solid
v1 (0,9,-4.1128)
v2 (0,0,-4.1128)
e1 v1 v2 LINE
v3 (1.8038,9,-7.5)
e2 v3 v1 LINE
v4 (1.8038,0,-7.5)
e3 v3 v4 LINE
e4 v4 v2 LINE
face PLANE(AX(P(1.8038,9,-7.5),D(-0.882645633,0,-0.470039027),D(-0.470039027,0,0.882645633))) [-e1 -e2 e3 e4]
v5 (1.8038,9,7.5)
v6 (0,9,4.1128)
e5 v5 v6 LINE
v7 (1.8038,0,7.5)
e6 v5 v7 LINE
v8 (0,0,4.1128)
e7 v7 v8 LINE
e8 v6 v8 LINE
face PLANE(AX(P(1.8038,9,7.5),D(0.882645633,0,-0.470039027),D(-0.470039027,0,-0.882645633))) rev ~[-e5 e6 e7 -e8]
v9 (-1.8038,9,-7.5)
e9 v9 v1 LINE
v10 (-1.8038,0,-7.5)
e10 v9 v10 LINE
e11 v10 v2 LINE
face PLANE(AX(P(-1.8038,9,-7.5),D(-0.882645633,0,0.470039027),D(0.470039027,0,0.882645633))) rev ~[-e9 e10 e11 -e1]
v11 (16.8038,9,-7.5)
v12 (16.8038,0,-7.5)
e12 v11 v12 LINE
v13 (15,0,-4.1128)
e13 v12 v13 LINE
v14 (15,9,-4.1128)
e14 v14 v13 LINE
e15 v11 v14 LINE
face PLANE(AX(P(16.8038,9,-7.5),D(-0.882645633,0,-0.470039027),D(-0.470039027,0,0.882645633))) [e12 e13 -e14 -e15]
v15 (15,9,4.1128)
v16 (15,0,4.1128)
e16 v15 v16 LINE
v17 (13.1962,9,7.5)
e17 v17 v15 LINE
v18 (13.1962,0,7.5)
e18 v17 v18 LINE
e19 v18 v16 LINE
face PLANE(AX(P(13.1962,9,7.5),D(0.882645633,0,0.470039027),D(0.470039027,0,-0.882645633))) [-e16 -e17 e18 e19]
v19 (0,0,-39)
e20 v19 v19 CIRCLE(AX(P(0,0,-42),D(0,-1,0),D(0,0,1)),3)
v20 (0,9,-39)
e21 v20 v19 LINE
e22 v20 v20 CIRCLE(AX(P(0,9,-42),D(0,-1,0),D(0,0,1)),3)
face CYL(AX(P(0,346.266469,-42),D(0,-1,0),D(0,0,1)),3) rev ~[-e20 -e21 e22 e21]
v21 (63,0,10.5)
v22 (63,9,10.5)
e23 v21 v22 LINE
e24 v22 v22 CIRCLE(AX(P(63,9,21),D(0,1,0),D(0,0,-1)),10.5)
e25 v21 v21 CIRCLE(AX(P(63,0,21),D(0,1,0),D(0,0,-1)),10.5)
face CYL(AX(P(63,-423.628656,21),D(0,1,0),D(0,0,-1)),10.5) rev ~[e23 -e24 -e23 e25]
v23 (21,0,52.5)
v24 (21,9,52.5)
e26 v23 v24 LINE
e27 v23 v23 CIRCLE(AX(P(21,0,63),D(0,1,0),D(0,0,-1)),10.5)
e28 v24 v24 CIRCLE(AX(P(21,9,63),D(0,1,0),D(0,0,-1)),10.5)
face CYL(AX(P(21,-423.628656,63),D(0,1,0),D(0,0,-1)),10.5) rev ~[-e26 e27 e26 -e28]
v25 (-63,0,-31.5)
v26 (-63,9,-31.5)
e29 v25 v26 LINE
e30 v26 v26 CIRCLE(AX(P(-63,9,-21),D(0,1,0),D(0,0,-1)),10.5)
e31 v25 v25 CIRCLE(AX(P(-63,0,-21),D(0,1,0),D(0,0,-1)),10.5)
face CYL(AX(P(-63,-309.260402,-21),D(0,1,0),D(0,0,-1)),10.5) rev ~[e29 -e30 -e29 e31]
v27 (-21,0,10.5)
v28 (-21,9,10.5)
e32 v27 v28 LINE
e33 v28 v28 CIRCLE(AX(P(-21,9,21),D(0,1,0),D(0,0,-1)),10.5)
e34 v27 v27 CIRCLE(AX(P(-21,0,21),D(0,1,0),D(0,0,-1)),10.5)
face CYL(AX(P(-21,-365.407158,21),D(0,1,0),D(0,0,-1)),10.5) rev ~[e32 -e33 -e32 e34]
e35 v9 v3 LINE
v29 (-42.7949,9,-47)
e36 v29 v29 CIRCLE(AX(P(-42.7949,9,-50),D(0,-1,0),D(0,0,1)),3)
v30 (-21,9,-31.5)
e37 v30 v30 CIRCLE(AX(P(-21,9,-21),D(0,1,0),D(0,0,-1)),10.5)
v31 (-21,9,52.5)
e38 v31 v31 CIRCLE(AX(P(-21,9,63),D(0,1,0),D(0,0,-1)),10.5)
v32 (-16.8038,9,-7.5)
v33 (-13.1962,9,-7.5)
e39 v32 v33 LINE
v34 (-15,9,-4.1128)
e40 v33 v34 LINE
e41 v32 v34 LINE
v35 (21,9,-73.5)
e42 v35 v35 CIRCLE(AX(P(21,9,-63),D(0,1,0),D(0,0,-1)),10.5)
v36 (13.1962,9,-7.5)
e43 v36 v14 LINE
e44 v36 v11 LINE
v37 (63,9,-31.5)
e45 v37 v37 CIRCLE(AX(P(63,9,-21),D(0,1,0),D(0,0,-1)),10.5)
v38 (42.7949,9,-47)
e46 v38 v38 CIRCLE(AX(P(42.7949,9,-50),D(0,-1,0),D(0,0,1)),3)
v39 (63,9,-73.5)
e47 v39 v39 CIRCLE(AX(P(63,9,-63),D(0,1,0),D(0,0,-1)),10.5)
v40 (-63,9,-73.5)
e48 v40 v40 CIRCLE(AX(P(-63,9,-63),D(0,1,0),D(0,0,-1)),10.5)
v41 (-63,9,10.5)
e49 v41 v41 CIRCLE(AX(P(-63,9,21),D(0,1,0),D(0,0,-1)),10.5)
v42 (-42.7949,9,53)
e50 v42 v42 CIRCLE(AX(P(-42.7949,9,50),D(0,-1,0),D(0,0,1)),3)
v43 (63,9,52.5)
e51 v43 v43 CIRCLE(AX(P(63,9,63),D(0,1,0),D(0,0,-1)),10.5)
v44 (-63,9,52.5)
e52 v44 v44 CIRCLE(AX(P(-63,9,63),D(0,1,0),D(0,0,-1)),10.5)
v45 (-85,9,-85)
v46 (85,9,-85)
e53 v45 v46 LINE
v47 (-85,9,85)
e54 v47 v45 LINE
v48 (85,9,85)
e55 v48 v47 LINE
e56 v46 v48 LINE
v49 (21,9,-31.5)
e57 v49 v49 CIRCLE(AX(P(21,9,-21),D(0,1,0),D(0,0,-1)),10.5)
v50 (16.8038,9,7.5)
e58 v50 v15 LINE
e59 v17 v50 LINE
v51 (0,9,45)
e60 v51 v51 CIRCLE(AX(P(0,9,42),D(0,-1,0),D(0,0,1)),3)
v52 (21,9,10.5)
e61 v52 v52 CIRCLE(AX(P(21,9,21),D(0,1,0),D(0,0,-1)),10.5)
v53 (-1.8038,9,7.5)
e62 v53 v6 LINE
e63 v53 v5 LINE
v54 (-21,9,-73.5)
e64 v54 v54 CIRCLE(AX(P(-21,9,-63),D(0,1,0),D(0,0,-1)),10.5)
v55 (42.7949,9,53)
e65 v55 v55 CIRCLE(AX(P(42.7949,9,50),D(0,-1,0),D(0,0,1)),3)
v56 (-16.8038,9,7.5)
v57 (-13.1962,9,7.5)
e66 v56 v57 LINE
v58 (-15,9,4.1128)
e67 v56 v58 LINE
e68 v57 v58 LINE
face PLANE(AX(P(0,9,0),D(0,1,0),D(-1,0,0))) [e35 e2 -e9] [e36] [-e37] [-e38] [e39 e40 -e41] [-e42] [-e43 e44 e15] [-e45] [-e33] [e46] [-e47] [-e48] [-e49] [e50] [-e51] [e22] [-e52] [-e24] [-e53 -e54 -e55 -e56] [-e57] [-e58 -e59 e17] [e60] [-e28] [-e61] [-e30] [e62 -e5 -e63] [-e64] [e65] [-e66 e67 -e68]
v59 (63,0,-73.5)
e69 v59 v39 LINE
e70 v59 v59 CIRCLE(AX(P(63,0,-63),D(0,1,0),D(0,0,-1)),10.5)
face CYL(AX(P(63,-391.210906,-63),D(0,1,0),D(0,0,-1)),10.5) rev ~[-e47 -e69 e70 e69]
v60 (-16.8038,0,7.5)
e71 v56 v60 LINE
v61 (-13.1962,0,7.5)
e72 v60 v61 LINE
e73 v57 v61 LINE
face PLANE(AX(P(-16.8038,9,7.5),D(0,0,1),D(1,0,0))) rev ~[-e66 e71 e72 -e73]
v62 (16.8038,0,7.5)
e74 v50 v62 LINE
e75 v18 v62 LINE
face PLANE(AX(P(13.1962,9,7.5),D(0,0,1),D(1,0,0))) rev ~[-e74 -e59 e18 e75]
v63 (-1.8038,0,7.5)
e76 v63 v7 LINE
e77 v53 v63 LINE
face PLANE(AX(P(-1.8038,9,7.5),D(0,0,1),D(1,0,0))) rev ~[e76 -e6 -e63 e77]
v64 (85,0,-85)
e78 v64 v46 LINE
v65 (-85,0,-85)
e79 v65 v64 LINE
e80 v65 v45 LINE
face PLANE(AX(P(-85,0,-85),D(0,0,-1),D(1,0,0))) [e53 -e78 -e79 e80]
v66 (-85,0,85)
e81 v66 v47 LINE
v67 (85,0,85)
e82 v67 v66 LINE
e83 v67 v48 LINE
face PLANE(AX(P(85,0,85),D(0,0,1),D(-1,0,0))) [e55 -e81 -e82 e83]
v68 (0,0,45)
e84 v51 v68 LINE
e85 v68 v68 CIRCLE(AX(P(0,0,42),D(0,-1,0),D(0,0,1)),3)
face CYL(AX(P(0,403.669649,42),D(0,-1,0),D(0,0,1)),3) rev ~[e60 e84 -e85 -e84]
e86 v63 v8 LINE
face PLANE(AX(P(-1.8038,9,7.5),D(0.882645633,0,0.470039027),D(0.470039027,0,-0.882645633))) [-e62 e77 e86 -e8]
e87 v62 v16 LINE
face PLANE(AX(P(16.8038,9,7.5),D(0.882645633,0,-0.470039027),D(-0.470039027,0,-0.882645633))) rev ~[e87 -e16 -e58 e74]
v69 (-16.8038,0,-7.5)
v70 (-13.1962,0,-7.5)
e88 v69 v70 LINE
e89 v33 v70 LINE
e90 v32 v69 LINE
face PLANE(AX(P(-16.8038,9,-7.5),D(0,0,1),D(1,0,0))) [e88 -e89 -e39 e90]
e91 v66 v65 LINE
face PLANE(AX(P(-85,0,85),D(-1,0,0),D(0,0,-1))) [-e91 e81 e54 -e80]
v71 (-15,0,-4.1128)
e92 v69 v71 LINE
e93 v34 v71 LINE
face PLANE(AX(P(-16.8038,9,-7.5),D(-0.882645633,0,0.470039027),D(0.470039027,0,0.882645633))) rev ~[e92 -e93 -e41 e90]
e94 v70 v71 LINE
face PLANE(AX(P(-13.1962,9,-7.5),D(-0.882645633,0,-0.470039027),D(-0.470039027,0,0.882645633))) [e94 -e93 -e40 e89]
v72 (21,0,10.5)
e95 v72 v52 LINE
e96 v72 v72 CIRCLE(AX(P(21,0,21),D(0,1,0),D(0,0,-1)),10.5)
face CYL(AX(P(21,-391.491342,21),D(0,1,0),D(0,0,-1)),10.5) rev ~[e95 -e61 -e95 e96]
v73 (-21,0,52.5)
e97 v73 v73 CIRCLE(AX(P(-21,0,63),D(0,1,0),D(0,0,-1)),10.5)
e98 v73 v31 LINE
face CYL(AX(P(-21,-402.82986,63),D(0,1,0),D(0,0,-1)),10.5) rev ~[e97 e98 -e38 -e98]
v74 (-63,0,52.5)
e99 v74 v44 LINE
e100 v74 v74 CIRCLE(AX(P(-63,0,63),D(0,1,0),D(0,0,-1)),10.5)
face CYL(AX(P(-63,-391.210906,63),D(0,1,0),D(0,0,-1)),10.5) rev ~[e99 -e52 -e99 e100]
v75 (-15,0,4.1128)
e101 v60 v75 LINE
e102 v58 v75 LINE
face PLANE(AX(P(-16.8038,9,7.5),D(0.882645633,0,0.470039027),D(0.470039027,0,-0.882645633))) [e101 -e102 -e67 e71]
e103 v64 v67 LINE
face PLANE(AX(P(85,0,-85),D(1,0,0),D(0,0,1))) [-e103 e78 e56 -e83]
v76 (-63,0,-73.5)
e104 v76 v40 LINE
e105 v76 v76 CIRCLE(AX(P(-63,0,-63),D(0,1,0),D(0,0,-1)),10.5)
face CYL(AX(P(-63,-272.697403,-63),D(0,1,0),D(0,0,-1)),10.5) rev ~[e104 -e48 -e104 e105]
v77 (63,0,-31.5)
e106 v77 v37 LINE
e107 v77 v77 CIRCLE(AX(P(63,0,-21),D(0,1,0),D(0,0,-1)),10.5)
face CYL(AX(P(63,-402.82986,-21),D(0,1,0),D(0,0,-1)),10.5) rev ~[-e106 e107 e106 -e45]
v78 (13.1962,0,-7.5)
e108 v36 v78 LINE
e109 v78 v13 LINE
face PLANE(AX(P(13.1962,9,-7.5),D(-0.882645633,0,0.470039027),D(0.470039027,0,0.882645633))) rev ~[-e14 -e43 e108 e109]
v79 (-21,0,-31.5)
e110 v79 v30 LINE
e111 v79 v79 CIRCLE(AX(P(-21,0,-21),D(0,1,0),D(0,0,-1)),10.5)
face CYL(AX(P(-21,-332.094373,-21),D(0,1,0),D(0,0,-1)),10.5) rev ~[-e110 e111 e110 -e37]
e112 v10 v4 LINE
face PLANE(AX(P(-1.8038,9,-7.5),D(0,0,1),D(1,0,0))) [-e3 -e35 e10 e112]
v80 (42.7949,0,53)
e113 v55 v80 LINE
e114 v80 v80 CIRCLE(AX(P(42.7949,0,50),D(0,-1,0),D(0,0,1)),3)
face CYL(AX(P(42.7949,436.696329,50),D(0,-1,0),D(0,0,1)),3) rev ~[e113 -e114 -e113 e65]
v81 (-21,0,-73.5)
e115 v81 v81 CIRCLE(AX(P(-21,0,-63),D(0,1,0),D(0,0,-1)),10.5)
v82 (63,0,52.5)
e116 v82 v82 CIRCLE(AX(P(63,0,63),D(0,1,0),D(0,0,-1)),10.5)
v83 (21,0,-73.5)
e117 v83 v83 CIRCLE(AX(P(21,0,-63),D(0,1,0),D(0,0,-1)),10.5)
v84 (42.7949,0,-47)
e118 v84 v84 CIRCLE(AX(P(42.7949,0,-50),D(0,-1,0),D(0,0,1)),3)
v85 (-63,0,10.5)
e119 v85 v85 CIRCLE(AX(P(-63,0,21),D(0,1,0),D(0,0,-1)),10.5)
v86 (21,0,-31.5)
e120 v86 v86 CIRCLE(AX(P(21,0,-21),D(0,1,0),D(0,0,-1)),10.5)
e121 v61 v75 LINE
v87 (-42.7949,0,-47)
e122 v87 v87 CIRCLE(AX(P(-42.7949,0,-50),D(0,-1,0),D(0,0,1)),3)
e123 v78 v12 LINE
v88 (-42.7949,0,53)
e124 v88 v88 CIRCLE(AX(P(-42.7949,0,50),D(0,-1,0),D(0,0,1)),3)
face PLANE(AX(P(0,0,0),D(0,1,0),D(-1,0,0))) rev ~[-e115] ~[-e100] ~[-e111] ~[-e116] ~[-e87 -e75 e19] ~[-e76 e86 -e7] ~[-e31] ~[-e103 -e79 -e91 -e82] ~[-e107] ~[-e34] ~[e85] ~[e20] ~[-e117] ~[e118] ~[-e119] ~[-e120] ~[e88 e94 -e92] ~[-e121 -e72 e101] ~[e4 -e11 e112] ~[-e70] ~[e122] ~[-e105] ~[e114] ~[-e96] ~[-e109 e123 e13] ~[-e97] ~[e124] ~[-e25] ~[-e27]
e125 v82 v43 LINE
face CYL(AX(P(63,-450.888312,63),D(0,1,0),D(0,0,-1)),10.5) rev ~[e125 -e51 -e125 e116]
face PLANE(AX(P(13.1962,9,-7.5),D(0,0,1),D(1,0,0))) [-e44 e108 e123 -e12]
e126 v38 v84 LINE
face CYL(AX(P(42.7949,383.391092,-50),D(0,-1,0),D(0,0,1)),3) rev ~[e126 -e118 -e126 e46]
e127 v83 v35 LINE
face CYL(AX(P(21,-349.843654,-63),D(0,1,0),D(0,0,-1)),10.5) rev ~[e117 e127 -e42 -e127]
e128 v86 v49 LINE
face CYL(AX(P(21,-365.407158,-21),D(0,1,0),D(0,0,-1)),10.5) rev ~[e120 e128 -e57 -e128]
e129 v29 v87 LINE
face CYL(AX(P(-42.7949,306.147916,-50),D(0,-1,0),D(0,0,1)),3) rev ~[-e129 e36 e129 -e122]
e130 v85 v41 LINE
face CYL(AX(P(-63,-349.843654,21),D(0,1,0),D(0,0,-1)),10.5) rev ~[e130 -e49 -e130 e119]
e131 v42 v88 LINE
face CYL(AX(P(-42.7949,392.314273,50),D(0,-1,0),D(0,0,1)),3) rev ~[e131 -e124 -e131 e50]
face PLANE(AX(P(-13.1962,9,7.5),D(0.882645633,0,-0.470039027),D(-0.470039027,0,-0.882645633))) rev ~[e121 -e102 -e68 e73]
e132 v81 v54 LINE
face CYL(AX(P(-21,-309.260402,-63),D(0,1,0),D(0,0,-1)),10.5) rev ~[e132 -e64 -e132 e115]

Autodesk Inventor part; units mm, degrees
ref_plane "YZ Plane" through (0, 0, 0) normal (1, 0, 0) x (0, 1, 0)
ref_plane "XZ Plane" through (0, 0, 0) normal (0, 1, 0) x (-1, 0, 0)
ref_plane "XY Plane" through (0, 0, 0) normal (0, 0, 1) x (1, 0, 0)
sketch "Sketch1" plane through (0, 0, 0) normal (0, 1, 0) x (-1, 0, 0)
  line L0 (-85, 85) -> (85, 85)
  line L1 (85, 85) -> (85, -85)
  line L2 (85, -85) -> (-85, -85)
  line L3 (-85, -85) -> (-85, 85)
  line L4 (-85, 85) -> (85, -85) construction
  line L5 (85, 85) -> (-85, -85) construction
  point P0 (0, 0)
  point P1 (-63, -63)
  point P2 (-63, -21)
  point P3 (-63, 21)
  point P4 (-63, 63)
  point P5 (-21, -63)
  point P6 (-21, -21)
  point P7 (-21, 21)
  point P8 (-21, 63)
  point P9 (21, -63)
  point P10 (21, -21)
  point P11 (21, 21)
  point P12 (21, 63)
  point P13 (63, -63)
  point P14 (63, -21)
  point P15 (63, 21)
  point P16 (63, 63)
  dimension "d0" = 170
  dimension "d1" = 170
  dimension "d4" = 42
  dimension "d7" = 42
extrude "Extrusion1" add sketch "Sketch1" along normal blind 9
hole "Hole1" at (63, 0, -63) at (63, 0, -21) at (63, 0, 21) at (63, 0, 63) at (21, 0, -63) at (21, 0, -21) at (21, 0, 21) at (21, 0, 63) at (-21, 0, -63) at (-21, 0, -21) at (-21, 0, 21) at (-21, 0, 63) at (-63, 0, -63) at (-63, 0, -21) at (-63, 0, 21) at (-63, 0, 63) direction (0, 1, 0) diameter 21 end through all both
sketch "Sketch2" plane through (0, 9, 0) normal (0, 1, 0) x (1, 0, 0)
  line L0 (-33.7, -4.15) -> (33.7, -4.15)
  line L1 (33.7, -4.15) -> (33.7, 4.15)
  line L2 (33.7, 4.15) -> (-33.7, 4.15)
  line L3 (-33.7, 4.15) -> (-33.7, -4.15)
  line L4 (-33.7, -4.15) -> (33.7, 4.15) construction
  line L5 (33.7, -4.15) -> (-33.7, 4.15) construction
  point P0 (0, 0)
  dimension "d19" = 67.4
  dimension "d20" = 8.3
sketch "Sketch3" plane through (0, 9, 0) normal (0, 1, 0) x (1, 0, 0)
  line L0 (-42.7949, -50) -> (42.7949, -50) construction
  line L1 (42.7949, -50) -> (42.7949, 50) construction
  line L2 (42.7949, 50) -> (-42.7949, 50) construction
  line L3 (-42.7949, 50) -> (-42.7949, -50) construction
  line L4 (-42.7949, -50) -> (42.7949, 50) construction
  line L5 (42.7949, -50) -> (-42.7949, 50) construction
  point P0 (25, -42.5)
  point P1 (0, 0)
  dimension "d31" = 100
hole "Hole3" at (-42.7949, 9, -50) at (42.7949, 9, -50) at (42.7949, 9, 50) at (-42.7949, 9, 50) direction (0, -1, 0) diameter 6 end through all both
sketch "Sketch4" plane through (0, 9, 0) normal (0, 1, 0) x (1, 0, 0)
  circle A0 centre (42.7949, -50) radius 3 construction
  circle A1 centre (-42.7949, 50) radius 3 construction
  circle A2 centre (42.7949, 50) radius 3 construction
  circle A3 centre (-42.7949, -50) radius 3 construction
  circle A4 centre (-63, -21) radius 10.5 construction
  circle A5 centre (-63, 63) radius 10.5 construction
  circle A6 centre (-21, -21) radius 10.5 construction
  circle A7 centre (-21, 63) radius 10.5 construction
  circle A8 centre (21, -21) radius 10.5 construction
  circle A9 centre (21, 63) radius 10.5 construction
  circle A10 centre (63, -21) radius 10.5 construction
  circle A11 centre (63, 63) radius 10.5 construction
  circle A12 centre (63, 21) radius 10.5 construction
  circle A13 centre (63, -63) radius 10.5 construction
  circle A14 centre (21, 21) radius 10.5 construction
  circle A15 centre (21, -63) radius 10.5 construction
  circle A16 centre (-21, 21) radius 10.5 construction
  circle A17 centre (-21, -63) radius 10.5 construction
  circle A18 centre (-63, 21) radius 10.5 construction
  circle A19 centre (-63, -63) radius 10.5 construction
  line L0 (-85, -85) -> (85, -85) construction
  line L1 (85, -85) -> (85, 85) construction
  line L2 (85, 85) -> (-85, 85) construction
  line L3 (-85, 85) -> (-85, -85) construction
  line L4 (-85, 85) -> (85, 85) construction
  line L5 (-7.5, -85) -> (7.5, -85) construction
  line L6 (7.5, -85) -> (7.5, 85) construction
  line L7 (7.5, 85) -> (-7.5, 85) construction
  line L8 (-7.5, 85) -> (-7.5, -85) construction
  line L9 (-7.5, -85) -> (7.5, 85) construction
  line L10 (7.5, -85) -> (-7.5, 85) construction
  line L11 (-21, 63) -> (21, 63) construction
  line L12 (21, 63) -> (21, 21) construction
  line L13 (21, 21) -> (-21, 21) construction
  line L14 (-21, 21) -> (-21, 63) construction
  line L15 (-85, 0) -> (85, 0) construction
  point P0 (0, 0)
  point P1 (0, 42)
  point P2 (0, -42)
  dimension "d39" = 15
hole "Hole4" at (0, 9, -42) at (0, 9, 42) direction (0, -1, 0) diameter 6 end through all both
sketch "Sketch5" plane through (0, 9, 0) normal (0, 1, 0) x (1, 0, 0)
  line L0 (-33.7, -7.5) -> (33.7, -7.5) construction
  line L1 (33.7, -7.5) -> (33.7, 7.5) construction
  line L2 (33.7, 7.5) -> (-33.7, 7.5) construction
  line L3 (-33.7, 7.5) -> (-33.7, -7.5) construction
  line L4 (-33.7, -7.5) -> (33.7, 7.5) construction
  line L5 (33.7, -7.5) -> (-33.7, 7.5) construction
  line L6 (0, 7.5) -> (0, -7.5) construction
  line L7 (-1.8038, 7.5) -> (0, 4.1128)
  line L8 (1.8038, 7.5) -> (0, 4.1128)
  line L9 (-1.8038, 7.5) -> (1.8038, 7.5)
  line L10 (-33.7, 0) -> (33.7, 0) construction
  line L11 (-1.8038, -7.5) -> (0, -4.1128)
  line L12 (1.8038, -7.5) -> (0, -4.1128)
  line L13 (-1.8038, -7.5) -> (1.8038, -7.5)
  line L14 (-16.8038, 7.5) -> (-15, 4.1128)
  line L15 (-13.1962, 7.5) -> (-15, 4.1128)
  line L16 (-16.8038, 7.5) -> (-13.1962, 7.5)
  line L17 (13.1962, 7.5) -> (15, 4.1128)
  line L18 (16.8038, 7.5) -> (15, 4.1128)
  line L19 (13.1962, 7.5) -> (16.8038, 7.5)
  line L20 (-1.8038, 7.5) -> (0, 4.1128)
  line L21 (1.8038, 7.5) -> (0, 4.1128)
  line L22 (-1.8038, 7.5) -> (1.8038, 7.5)
  line L23 (-16.8038, -7.5) -> (-15, -4.1128)
  line L24 (-13.1962, -7.5) -> (-15, -4.1128)
  line L25 (-16.8038, -7.5) -> (-13.1962, -7.5)
  line L26 (13.1962, -7.5) -> (15, -4.1128)
  line L27 (16.8038, -7.5) -> (15, -4.1128)
  line L28 (13.1962, -7.5) -> (16.8038, -7.5)
  point P0 (0, 0)
  point P1 (-15, 7.5)
  point P2 (15, 7.5)
  point P3 (-15, -7.5)
  point P4 (15, -7.5)
  dimension "d47" = 67.4
  dimension "d50" = 15
  dimension "d53" = 15
  dimension "d56" = 15
extrude "Extrusion2" cut sketch "Sketch5" against normal blind 10 contours L9 L8 L7 | L11 L12 L13
extrude "Extrusion3" cut sketch "Sketch5" against normal blind 10 contours L16 L15 L14 | L19 L18 L17 | L23 L24 L25 | L26 L27 L28
properties part number "back_plate"
